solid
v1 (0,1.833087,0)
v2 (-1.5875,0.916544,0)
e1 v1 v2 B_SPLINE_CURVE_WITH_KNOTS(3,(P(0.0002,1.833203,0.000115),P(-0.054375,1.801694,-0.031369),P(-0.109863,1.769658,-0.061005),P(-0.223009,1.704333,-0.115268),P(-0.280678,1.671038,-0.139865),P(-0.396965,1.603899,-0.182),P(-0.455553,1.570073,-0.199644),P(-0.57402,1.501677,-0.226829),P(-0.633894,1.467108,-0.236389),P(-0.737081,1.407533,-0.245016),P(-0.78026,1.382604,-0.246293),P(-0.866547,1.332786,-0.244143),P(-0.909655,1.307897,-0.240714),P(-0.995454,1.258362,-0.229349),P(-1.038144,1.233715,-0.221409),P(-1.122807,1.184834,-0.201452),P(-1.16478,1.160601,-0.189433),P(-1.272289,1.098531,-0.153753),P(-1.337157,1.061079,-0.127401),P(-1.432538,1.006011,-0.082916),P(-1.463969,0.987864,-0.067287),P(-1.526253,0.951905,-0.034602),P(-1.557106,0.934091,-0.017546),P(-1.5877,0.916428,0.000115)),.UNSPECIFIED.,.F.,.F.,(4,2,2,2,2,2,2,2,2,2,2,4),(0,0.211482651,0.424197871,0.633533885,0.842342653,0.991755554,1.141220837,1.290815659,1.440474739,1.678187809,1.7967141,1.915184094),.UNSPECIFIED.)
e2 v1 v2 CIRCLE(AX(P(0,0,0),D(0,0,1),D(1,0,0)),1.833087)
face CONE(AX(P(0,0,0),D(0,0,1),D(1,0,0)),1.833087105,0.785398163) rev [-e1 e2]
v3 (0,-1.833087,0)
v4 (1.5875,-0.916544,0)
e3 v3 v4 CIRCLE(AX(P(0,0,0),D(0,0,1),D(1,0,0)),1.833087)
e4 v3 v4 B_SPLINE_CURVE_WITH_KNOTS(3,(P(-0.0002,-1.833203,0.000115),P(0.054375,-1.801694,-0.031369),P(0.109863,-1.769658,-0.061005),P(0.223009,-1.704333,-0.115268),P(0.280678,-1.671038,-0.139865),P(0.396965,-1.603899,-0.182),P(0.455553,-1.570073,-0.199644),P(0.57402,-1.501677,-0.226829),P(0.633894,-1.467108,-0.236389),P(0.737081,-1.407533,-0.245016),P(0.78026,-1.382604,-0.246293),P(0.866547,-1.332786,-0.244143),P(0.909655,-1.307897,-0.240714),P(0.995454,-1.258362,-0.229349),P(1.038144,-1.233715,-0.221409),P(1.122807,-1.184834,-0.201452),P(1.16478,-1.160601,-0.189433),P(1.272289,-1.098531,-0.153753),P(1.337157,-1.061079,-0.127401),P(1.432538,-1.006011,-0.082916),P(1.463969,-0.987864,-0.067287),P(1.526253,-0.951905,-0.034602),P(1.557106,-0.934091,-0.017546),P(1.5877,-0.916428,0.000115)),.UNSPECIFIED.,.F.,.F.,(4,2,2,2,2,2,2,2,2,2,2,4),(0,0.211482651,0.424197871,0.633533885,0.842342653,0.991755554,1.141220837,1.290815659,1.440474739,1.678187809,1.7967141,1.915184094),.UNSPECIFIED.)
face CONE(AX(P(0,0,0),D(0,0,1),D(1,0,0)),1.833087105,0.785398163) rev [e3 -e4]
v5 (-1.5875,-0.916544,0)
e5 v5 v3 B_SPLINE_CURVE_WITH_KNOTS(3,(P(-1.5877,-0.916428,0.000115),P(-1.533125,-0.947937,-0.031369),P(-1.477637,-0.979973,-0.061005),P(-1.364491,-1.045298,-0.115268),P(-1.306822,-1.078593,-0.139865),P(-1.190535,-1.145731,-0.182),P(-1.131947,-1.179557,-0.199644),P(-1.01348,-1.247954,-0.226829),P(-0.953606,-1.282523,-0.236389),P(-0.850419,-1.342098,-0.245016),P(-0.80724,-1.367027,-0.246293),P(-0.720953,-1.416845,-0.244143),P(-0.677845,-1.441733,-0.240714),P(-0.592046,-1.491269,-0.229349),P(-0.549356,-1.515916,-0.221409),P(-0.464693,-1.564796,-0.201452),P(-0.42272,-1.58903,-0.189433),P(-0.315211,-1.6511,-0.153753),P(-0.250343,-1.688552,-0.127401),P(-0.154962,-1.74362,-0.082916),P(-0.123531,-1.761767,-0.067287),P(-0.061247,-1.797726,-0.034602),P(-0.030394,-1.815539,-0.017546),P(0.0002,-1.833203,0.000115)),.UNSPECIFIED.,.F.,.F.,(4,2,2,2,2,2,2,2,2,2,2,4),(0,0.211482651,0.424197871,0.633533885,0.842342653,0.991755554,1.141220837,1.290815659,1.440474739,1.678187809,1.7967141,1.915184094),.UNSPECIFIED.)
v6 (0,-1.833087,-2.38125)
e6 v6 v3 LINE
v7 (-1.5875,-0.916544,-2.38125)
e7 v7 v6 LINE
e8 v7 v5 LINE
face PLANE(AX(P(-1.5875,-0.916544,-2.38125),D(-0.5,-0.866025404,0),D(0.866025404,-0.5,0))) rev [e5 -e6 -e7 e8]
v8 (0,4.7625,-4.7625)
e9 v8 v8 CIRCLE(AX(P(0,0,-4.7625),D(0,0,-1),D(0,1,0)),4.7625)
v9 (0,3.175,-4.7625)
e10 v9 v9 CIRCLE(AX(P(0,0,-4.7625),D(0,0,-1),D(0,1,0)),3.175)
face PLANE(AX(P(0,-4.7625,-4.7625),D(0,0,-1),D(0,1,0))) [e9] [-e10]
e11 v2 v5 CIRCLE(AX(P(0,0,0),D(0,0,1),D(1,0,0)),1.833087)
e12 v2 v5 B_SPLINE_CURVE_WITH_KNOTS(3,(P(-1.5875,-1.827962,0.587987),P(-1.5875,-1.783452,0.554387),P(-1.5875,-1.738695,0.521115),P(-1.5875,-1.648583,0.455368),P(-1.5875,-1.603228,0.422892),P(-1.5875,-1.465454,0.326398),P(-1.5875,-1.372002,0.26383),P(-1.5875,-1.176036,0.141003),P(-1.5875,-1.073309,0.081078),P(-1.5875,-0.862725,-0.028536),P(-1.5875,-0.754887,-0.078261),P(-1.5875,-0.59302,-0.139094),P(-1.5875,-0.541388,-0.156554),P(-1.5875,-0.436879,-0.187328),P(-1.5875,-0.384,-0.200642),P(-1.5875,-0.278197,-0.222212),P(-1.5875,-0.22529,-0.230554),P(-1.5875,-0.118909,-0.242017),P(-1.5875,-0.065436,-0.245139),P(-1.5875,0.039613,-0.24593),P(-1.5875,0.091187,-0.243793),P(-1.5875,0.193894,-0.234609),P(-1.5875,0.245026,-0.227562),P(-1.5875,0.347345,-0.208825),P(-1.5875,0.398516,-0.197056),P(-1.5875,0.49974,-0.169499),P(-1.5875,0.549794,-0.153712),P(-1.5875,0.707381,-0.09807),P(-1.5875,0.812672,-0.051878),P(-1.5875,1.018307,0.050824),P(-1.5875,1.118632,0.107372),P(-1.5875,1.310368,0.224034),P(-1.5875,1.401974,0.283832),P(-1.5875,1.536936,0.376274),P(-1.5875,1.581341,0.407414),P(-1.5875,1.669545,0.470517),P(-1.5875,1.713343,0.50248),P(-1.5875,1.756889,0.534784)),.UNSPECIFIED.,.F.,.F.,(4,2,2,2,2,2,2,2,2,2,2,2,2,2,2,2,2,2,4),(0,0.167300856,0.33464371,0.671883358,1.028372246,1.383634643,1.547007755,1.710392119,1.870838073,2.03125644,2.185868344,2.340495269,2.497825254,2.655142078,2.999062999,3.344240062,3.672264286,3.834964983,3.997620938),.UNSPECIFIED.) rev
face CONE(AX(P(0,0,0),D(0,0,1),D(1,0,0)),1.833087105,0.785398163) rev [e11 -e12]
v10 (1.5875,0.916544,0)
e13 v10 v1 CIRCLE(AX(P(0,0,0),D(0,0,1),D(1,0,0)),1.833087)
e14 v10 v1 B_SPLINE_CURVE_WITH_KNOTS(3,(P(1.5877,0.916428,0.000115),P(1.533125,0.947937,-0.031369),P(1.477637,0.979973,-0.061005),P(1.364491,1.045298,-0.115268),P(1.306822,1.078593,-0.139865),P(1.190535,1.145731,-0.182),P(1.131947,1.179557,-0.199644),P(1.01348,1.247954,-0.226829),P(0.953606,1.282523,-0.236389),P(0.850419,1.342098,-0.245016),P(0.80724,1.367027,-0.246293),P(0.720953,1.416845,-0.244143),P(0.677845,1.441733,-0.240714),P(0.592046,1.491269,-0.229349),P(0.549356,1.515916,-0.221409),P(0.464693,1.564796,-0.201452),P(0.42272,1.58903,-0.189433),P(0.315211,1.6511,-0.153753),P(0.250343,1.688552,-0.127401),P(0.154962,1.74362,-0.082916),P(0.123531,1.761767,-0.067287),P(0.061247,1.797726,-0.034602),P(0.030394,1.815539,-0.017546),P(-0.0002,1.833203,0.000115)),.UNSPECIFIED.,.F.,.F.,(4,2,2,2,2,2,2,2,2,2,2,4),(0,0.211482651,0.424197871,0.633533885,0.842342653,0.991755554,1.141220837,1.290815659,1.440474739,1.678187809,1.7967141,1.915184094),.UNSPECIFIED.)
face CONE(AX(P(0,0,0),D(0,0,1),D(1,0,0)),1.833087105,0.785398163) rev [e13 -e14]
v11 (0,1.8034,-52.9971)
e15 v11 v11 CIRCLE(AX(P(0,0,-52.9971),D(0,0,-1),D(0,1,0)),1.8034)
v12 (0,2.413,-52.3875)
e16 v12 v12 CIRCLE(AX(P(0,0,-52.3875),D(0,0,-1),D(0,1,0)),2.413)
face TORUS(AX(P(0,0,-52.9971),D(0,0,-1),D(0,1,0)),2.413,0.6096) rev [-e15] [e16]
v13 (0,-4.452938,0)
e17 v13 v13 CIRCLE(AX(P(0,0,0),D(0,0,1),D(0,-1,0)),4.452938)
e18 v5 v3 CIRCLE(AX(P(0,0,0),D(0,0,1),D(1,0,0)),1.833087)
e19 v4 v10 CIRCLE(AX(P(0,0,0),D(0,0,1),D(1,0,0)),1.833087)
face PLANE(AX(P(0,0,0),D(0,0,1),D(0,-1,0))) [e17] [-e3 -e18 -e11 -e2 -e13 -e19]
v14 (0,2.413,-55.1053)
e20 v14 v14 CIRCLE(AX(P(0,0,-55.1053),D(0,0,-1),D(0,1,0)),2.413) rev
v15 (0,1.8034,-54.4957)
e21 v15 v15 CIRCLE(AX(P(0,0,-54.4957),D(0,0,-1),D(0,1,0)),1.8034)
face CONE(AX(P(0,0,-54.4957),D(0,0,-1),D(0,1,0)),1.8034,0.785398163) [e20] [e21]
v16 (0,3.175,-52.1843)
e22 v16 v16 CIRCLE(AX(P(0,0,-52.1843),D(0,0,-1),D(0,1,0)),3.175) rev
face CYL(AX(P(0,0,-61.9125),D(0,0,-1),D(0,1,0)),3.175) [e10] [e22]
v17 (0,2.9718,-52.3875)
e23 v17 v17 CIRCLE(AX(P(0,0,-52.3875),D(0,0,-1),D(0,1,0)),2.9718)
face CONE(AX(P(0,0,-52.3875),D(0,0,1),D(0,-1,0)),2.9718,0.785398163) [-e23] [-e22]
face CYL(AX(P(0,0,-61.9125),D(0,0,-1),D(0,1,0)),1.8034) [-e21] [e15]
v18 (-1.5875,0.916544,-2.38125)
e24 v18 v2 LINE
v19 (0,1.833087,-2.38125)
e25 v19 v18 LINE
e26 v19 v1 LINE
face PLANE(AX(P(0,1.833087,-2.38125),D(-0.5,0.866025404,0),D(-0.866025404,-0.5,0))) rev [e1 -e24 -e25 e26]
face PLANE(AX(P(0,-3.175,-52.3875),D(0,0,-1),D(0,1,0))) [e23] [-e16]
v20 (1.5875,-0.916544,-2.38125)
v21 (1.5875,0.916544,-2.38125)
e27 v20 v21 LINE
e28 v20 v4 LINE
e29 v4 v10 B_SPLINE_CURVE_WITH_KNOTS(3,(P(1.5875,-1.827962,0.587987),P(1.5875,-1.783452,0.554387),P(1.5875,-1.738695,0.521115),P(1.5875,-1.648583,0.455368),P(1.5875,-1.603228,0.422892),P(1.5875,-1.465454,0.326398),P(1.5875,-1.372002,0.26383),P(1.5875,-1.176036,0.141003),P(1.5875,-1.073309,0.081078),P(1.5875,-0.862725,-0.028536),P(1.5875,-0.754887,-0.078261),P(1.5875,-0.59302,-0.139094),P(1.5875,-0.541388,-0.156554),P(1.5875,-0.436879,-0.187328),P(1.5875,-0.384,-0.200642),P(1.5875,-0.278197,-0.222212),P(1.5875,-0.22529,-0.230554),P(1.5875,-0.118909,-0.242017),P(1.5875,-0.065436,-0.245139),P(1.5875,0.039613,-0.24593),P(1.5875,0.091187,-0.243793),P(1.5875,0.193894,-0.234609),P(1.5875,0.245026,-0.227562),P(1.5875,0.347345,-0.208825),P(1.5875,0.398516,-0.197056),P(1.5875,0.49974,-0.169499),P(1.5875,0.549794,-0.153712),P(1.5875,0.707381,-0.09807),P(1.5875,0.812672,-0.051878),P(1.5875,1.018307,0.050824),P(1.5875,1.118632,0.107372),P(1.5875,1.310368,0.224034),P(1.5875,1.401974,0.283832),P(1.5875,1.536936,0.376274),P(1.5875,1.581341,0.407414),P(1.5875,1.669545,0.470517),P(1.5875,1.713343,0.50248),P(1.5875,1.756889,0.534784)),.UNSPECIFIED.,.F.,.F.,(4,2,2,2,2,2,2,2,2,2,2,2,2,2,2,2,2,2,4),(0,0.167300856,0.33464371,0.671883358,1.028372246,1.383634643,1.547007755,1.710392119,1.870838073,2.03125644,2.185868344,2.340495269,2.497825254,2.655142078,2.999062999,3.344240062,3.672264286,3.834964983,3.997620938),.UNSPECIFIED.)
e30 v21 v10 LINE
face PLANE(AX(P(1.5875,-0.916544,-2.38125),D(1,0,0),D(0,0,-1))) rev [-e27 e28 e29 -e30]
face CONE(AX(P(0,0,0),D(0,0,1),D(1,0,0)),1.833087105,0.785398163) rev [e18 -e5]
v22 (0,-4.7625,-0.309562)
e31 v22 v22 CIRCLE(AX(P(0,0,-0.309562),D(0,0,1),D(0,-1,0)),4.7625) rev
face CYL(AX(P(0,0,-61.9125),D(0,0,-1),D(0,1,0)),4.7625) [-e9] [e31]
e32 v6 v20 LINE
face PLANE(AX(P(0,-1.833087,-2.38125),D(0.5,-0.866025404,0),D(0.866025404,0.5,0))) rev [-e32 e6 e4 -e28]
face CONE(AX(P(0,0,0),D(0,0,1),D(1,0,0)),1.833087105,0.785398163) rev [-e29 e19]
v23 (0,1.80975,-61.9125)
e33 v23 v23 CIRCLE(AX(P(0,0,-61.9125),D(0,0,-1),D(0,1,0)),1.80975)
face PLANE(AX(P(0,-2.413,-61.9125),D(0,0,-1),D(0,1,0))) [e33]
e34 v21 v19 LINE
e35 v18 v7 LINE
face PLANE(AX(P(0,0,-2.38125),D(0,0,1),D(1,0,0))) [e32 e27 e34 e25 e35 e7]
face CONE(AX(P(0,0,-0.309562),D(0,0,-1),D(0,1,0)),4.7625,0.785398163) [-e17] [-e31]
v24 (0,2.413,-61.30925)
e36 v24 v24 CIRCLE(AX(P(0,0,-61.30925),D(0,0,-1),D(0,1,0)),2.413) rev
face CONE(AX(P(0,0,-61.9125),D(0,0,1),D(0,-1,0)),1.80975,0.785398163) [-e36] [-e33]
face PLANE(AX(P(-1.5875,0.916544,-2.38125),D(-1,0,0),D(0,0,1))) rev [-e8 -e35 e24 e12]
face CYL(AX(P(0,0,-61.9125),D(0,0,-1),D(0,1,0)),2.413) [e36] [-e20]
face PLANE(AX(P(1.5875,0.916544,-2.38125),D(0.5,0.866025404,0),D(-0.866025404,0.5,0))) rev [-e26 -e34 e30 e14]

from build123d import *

# Parameters (mm, degrees)
CHAMFER1_SIZE      = 0.60325
CHAMFER2_SIZE      = 0.3095625
CHAMFER3_SIZE      = 0.2032
CUT_EXTRUDE2_DEPTH = 2.38125


with BuildPart() as part:
    # Sketch1 → Revolve1 (revolve)
    with BuildSketch(Plane(origin=(0, 0, 0), x_dir=(0, 0, -1), z_dir=(1, 0, 0))):
        Polygon((0, 4.7625), (4.7625, 4.7625), (4.7625, 3.175), (52.3875, 3.175), (52.3875, 2.413), (61.9125, 2.413), (61.9125, 0), (0, 0), align=None)
    revolve(axis=Axis((0, 0, -61.9125), (0, 0, 1)))

    # Sketch5 → Cut-Revolve1 (revolve, cut)
    with BuildSketch(Plane(origin=(0, 0, 0), x_dir=(0, 0, -1), z_dir=(1, 0, 0))):
        with BuildLine():
            Line((52.3875, 3.175), (55.8673, 3.175))
            Line((55.8673, 3.175), (54.4957, 1.8034))
            Line((54.4957, 1.8034), (52.9971, 1.8034))
            ThreePointArc((52.9971, 1.8034), (52.566047706, 1.981947706), (52.3875, 2.413))
            Line((52.3875, 2.413), (52.3875, 3.175))
        make_face()
    revolve(axis=Axis((0, 0, -61.9125), (0, 0, 1)), mode=Mode.SUBTRACT)

    # Chamfer1
    chamfer1_edges = [part.edges().sort_by_distance(p)[0] for p in [
        (0, -2.413, -61.9125),
    ]]
    chamfer(chamfer1_edges, length=CHAMFER1_SIZE)

    # Chamfer2
    chamfer2_edges = [part.edges().sort_by_distance(p)[0] for p in [
        (0, -4.7625, 0),
    ]]
    chamfer(chamfer2_edges, length=CHAMFER2_SIZE)

    # Chamfer3
    chamfer3_edges = [part.edges().sort_by_distance(p)[0] for p in [
        (0, -3.175, -52.3875),
    ]]
    chamfer(chamfer3_edges, length=CHAMFER3_SIZE)

    # Sketch8 → Cut-Extrude2 (cut)
    with BuildSketch(Plane.XY):
        Polygon((1.5875, 0.916543552), (0, 1.833087105), (-1.5875, 0.916543552), (-1.5875, -0.916543552), (0, -1.833087105), (1.5875, -0.916543552), align=None)
    extrude(amount=-CUT_EXTRUDE2_DEPTH, mode=Mode.SUBTRACT)

    # Cut-Extrude4 cone 1 section (through the dimple's axis) → Cut-Extrude4 (revolve, cut)
    with BuildSketch(Plane(origin=(0, 0, 0), x_dir=(0, -1, 0), z_dir=(1, 0, 0))):
        Polygon((0, 0), (1.833087105, 0), (0, 1.833087105), align=None)
    revolve(axis=Axis((0, 0, 0), (0, 0, -1)), mode=Mode.SUBTRACT)


solid = part.part
